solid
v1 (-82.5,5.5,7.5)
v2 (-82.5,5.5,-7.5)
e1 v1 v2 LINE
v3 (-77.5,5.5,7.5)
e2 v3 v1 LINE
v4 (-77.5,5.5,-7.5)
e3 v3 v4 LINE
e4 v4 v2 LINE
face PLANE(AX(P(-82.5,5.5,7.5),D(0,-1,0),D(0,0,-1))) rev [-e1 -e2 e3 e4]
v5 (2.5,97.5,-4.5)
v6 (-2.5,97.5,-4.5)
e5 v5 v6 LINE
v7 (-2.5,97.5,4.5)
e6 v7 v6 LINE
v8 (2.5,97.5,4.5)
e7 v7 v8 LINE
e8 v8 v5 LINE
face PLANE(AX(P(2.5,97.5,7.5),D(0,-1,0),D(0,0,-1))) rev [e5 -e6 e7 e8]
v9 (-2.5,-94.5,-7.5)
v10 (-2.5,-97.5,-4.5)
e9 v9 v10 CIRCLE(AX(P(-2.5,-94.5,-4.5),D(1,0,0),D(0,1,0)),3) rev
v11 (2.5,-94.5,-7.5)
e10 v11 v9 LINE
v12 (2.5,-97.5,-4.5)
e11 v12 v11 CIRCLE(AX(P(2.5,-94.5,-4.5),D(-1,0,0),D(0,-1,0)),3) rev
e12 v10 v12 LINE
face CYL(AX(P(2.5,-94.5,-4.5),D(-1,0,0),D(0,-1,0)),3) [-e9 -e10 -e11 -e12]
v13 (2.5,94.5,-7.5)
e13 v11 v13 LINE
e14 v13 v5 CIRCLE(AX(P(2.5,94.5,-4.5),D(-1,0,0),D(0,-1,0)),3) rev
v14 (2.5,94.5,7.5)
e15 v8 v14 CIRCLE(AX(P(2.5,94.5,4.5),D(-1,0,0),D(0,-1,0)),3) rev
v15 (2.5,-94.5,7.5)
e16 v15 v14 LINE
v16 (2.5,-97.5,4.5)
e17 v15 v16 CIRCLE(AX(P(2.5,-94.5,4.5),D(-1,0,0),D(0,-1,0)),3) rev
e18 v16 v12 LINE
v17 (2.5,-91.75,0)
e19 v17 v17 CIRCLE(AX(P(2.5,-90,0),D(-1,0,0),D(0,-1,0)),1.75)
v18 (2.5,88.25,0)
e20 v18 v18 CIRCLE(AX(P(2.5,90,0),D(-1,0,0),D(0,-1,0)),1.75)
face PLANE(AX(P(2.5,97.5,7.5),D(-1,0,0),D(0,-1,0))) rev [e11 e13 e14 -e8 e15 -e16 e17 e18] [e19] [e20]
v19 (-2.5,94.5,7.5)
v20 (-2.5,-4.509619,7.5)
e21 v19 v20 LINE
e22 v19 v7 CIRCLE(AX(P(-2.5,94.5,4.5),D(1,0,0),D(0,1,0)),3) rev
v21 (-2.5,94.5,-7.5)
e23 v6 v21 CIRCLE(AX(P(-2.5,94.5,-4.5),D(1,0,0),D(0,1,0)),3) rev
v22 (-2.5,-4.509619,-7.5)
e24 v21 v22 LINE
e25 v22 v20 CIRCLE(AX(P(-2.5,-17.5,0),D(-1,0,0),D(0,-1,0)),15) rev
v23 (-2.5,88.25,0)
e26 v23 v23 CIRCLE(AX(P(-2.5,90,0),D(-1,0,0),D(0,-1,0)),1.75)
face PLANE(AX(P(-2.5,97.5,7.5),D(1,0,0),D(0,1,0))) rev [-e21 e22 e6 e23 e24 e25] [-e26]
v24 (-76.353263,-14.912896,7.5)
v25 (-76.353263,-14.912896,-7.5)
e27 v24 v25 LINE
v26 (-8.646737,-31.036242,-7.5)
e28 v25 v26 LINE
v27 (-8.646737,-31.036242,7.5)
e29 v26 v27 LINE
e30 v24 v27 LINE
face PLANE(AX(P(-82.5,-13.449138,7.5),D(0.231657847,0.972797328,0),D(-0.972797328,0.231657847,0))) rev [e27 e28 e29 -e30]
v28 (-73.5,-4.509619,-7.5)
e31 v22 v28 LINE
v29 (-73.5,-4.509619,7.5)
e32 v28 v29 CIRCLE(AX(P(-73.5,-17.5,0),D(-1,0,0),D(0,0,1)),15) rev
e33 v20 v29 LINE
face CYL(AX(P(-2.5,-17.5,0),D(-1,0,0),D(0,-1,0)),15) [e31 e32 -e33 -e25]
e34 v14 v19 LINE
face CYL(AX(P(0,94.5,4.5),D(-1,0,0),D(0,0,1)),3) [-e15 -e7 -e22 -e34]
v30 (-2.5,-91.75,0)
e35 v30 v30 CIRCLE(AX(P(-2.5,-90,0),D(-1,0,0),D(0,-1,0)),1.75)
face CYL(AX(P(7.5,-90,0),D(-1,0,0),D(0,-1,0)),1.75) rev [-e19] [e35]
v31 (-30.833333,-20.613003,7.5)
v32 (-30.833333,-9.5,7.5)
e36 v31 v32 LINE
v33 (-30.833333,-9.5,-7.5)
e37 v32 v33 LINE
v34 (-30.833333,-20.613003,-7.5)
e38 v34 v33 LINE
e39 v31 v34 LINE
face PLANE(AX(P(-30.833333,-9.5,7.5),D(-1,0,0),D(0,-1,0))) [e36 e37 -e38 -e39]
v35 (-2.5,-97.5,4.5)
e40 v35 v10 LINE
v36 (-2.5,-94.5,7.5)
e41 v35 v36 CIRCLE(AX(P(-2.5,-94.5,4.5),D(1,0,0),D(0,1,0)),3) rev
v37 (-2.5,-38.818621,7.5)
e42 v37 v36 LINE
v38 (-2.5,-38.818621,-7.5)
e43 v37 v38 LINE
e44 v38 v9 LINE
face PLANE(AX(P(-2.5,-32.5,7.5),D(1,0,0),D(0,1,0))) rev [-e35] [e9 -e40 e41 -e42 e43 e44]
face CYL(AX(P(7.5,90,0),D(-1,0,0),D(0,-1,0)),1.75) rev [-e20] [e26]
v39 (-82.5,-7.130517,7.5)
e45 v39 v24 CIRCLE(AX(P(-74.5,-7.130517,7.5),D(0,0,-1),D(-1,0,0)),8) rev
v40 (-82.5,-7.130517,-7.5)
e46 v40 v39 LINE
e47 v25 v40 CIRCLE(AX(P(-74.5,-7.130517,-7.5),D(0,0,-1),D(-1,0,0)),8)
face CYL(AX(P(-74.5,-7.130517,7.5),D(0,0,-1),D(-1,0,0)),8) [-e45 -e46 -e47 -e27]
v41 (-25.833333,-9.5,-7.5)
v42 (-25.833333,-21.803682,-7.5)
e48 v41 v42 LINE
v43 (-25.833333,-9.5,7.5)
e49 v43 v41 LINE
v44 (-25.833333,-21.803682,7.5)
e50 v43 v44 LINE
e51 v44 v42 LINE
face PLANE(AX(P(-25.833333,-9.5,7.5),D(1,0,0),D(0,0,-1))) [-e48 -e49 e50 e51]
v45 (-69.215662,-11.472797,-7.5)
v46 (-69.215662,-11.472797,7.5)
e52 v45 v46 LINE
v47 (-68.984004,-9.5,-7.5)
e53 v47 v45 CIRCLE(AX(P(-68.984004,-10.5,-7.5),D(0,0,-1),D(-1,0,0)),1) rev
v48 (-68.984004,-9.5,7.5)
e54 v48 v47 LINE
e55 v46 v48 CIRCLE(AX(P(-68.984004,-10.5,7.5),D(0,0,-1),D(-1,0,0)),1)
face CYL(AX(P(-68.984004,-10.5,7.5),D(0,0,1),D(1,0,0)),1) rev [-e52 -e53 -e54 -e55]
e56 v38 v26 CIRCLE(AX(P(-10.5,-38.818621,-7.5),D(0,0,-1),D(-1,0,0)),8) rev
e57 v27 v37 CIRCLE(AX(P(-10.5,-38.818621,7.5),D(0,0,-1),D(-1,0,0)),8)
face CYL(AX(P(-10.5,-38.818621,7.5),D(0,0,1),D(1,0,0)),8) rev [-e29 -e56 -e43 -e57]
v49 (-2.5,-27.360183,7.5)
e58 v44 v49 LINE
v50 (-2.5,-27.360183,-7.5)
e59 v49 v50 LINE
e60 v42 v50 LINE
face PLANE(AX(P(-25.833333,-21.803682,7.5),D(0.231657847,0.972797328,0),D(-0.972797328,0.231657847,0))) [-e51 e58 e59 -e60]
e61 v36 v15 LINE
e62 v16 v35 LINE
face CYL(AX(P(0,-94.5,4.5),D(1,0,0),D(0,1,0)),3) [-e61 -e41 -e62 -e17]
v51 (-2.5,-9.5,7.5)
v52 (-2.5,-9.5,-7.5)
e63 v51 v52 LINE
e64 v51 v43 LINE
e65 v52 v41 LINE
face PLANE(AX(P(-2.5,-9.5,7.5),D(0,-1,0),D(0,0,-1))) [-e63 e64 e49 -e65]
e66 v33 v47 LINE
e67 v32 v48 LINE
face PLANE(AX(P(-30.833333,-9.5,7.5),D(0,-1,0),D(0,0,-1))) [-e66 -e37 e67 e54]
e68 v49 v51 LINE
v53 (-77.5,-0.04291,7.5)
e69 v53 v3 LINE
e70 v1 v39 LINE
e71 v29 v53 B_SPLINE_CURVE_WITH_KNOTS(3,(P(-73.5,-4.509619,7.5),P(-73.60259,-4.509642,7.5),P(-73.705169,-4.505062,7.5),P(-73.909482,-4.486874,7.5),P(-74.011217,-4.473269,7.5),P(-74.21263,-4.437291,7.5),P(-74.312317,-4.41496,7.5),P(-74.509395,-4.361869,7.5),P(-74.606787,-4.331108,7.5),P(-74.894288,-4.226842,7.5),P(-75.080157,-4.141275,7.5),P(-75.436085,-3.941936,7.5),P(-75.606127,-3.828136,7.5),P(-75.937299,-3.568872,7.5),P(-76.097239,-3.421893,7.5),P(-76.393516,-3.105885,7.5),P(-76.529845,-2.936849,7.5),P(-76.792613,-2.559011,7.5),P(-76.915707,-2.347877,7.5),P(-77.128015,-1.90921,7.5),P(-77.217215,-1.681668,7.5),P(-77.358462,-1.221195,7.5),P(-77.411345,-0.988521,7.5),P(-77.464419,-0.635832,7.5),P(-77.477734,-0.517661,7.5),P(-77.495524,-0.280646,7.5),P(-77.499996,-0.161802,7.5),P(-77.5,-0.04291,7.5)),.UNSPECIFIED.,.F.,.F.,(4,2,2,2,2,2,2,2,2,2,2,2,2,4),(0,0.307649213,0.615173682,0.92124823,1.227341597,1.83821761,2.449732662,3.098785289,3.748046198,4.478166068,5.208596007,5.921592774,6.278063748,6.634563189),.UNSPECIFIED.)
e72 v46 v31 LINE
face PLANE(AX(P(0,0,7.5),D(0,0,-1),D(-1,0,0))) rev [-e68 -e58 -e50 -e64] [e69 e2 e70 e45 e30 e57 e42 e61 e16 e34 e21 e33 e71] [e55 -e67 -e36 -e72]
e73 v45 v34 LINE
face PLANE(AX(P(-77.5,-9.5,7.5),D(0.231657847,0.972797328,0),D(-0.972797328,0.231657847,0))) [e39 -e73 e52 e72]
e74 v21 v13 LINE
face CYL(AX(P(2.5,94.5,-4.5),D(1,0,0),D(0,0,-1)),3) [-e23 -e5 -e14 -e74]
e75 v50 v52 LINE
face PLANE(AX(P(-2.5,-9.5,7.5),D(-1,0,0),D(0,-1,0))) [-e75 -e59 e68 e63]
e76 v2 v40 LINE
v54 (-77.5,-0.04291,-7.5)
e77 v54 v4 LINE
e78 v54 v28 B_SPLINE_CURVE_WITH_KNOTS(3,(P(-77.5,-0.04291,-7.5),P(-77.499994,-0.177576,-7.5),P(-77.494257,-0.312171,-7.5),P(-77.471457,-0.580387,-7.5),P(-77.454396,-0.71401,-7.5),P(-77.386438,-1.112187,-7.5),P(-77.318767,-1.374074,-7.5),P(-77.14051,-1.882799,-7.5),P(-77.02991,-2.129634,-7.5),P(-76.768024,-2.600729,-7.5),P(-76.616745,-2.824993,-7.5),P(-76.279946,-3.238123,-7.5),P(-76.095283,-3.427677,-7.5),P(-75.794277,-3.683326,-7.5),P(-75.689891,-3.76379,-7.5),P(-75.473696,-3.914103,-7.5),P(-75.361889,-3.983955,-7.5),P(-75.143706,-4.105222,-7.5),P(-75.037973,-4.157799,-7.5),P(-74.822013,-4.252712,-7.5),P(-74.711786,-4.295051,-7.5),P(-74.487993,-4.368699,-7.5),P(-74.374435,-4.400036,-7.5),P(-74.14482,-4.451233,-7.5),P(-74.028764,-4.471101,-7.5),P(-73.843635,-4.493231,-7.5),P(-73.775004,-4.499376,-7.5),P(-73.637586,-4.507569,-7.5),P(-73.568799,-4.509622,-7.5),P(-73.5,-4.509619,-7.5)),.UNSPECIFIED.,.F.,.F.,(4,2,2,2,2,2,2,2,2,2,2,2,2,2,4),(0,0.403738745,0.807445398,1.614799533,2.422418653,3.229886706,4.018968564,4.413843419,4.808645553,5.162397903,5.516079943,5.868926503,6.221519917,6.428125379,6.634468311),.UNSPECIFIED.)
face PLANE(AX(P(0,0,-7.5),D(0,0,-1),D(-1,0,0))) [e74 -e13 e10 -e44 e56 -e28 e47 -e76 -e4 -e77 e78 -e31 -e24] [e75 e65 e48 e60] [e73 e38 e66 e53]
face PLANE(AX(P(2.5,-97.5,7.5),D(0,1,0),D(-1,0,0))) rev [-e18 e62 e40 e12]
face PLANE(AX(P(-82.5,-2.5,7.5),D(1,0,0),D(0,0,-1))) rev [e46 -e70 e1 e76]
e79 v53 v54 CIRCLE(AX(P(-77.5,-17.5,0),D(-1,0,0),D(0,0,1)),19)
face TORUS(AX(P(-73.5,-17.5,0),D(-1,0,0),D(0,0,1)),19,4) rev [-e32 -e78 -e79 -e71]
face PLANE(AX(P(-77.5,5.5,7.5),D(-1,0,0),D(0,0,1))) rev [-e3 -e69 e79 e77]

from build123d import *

# Parameters (mm, degrees)
RESSALTO_EXTRUS_O1_DEPTH = 7.5
ESBO_O2_R                = 1.7500000000000029
CORTE_EXTRUS_O1_DEPTH    = 10
FILETE1_R                = 1
CORTE_EXTRUS_O2_START    = -5
CORTE_EXTRUS_O2_DEPTH    = 75
FILETE2_R                = 3
FILETE3_R                = 8
FILETE4_R                = 4


with BuildPart() as part:
    # Esboço1 → Ressalto-extrusão1 (new, symmetric)
    with BuildSketch(Plane.XY):
        Polygon((-2.4999999999999947, -2.5000000000002314), (-77.5, -2.5000000000002305), (-77.5, 5.499999999999769), (-82.5, 5.499999999999769), (-82.5, -2.5000000000002314), (-82.5, -13.4491378645859), (-2.499999999999993, -32.50000000000023), (-2.499999999999994, -97.5000000000002), (2.500000000000006, -97.50000000000021), (2.4999999999999813, 97.4999999999998), (-2.4999999999999933, 97.4999999999998), align=None)
        Polygon((-2.4999999999999947, -9.500000000000231), (-25.833333333333332, -9.500000000000231), (-25.833333333333332, -21.80368179578865), (-2.499999999999992, -27.360183251951156), align=None, mode=Mode.SUBTRACT)
        Polygon((-77.5, -9.500000000000231), (-30.83333333333334, -20.613002912325253), (-30.833333333333336, -9.500000000000231), align=None, mode=Mode.SUBTRACT)
    extrude(amount=RESSALTO_EXTRUS_O1_DEPTH, both=True)

    # Esboço2 → Corte-extrusão1 (cut)
    with BuildSketch(Plane.ZY.offset(2.4999999999999947)):
        with Locations(Location((0, 90, 0), (0, 0, 270))):
            Circle(ESBO_O2_R)
        with Locations(Location((0, -90, 0), (0, 0, 270))):
            Circle(ESBO_O2_R)
    extrude(amount=-CORTE_EXTRUS_O1_DEPTH, mode=Mode.SUBTRACT)

    # Filete1
    filete1_edges = [part.edges().sort_by_distance(p)[0] for p in [
        (-77.5, -9.500000000000231, 0),
    ]]
    fillet(filete1_edges, radius=FILETE1_R)

    # Esboço3 → Corte-extrusão2 (cut)
    with BuildSketch(Plane.ZY.offset(82.5).offset(CORTE_EXTRUS_O2_START)):
        with BuildLine():
            Line((7.5, -4.5096189432336615), (7.5, -2.5000000000002363))
            Line((7.5, -2.5000000000002363), (0, -2.5000000000002363))
            ThreePointArc((-4.4e-16, -2.50000000000024), (3.8822856765378098, -3.0111126056642163), (7.500000000000002, -4.509618943233658))
        make_face()
        with BuildLine():
            ThreePointArc((-7.500000000000002, -4.509618943233658), (-3.8822856765378124, -3.0111126056642163), (-4.4e-16, -2.50000000000024))
            Line((0, -2.5000000000002363), (-7.5, -2.5000000000002363))
            Line((-7.5, -2.5000000000002363), (-7.5, -4.5096189432336615))
        make_face()
    extrude(amount=-CORTE_EXTRUS_O2_DEPTH, mode=Mode.SUBTRACT)

    # Filete2
    filete2_edges = [part.edges().sort_by_distance(p)[0] for p in [
        (-6.22e-15, 97.4999999999998, -7.5),
        (6.22e-15, -97.5000000000002, -7.5),
        (-6.22e-15, 97.4999999999998, 7.5),
        (6.22e-15, -97.5000000000002, 7.5),
    ]]
    fillet(filete2_edges, radius=FILETE2_R)

    # Filete3
    filete3_edges = [part.edges().sort_by_distance(p)[0] for p in [
        (-2.499999999999993, -32.50000000000023, 0),
        (-82.5, -13.4491378645859, 0),
    ]]
    fillet(filete3_edges, radius=FILETE3_R)

    # Filete4
    filete4_edges = [part.edges().sort_by_distance(p)[0] for p in [
        (-77.5, -2.5000000000002327, -1.44e-15),
    ]]
    fillet(filete4_edges, radius=FILETE4_R)


solid = part.part
